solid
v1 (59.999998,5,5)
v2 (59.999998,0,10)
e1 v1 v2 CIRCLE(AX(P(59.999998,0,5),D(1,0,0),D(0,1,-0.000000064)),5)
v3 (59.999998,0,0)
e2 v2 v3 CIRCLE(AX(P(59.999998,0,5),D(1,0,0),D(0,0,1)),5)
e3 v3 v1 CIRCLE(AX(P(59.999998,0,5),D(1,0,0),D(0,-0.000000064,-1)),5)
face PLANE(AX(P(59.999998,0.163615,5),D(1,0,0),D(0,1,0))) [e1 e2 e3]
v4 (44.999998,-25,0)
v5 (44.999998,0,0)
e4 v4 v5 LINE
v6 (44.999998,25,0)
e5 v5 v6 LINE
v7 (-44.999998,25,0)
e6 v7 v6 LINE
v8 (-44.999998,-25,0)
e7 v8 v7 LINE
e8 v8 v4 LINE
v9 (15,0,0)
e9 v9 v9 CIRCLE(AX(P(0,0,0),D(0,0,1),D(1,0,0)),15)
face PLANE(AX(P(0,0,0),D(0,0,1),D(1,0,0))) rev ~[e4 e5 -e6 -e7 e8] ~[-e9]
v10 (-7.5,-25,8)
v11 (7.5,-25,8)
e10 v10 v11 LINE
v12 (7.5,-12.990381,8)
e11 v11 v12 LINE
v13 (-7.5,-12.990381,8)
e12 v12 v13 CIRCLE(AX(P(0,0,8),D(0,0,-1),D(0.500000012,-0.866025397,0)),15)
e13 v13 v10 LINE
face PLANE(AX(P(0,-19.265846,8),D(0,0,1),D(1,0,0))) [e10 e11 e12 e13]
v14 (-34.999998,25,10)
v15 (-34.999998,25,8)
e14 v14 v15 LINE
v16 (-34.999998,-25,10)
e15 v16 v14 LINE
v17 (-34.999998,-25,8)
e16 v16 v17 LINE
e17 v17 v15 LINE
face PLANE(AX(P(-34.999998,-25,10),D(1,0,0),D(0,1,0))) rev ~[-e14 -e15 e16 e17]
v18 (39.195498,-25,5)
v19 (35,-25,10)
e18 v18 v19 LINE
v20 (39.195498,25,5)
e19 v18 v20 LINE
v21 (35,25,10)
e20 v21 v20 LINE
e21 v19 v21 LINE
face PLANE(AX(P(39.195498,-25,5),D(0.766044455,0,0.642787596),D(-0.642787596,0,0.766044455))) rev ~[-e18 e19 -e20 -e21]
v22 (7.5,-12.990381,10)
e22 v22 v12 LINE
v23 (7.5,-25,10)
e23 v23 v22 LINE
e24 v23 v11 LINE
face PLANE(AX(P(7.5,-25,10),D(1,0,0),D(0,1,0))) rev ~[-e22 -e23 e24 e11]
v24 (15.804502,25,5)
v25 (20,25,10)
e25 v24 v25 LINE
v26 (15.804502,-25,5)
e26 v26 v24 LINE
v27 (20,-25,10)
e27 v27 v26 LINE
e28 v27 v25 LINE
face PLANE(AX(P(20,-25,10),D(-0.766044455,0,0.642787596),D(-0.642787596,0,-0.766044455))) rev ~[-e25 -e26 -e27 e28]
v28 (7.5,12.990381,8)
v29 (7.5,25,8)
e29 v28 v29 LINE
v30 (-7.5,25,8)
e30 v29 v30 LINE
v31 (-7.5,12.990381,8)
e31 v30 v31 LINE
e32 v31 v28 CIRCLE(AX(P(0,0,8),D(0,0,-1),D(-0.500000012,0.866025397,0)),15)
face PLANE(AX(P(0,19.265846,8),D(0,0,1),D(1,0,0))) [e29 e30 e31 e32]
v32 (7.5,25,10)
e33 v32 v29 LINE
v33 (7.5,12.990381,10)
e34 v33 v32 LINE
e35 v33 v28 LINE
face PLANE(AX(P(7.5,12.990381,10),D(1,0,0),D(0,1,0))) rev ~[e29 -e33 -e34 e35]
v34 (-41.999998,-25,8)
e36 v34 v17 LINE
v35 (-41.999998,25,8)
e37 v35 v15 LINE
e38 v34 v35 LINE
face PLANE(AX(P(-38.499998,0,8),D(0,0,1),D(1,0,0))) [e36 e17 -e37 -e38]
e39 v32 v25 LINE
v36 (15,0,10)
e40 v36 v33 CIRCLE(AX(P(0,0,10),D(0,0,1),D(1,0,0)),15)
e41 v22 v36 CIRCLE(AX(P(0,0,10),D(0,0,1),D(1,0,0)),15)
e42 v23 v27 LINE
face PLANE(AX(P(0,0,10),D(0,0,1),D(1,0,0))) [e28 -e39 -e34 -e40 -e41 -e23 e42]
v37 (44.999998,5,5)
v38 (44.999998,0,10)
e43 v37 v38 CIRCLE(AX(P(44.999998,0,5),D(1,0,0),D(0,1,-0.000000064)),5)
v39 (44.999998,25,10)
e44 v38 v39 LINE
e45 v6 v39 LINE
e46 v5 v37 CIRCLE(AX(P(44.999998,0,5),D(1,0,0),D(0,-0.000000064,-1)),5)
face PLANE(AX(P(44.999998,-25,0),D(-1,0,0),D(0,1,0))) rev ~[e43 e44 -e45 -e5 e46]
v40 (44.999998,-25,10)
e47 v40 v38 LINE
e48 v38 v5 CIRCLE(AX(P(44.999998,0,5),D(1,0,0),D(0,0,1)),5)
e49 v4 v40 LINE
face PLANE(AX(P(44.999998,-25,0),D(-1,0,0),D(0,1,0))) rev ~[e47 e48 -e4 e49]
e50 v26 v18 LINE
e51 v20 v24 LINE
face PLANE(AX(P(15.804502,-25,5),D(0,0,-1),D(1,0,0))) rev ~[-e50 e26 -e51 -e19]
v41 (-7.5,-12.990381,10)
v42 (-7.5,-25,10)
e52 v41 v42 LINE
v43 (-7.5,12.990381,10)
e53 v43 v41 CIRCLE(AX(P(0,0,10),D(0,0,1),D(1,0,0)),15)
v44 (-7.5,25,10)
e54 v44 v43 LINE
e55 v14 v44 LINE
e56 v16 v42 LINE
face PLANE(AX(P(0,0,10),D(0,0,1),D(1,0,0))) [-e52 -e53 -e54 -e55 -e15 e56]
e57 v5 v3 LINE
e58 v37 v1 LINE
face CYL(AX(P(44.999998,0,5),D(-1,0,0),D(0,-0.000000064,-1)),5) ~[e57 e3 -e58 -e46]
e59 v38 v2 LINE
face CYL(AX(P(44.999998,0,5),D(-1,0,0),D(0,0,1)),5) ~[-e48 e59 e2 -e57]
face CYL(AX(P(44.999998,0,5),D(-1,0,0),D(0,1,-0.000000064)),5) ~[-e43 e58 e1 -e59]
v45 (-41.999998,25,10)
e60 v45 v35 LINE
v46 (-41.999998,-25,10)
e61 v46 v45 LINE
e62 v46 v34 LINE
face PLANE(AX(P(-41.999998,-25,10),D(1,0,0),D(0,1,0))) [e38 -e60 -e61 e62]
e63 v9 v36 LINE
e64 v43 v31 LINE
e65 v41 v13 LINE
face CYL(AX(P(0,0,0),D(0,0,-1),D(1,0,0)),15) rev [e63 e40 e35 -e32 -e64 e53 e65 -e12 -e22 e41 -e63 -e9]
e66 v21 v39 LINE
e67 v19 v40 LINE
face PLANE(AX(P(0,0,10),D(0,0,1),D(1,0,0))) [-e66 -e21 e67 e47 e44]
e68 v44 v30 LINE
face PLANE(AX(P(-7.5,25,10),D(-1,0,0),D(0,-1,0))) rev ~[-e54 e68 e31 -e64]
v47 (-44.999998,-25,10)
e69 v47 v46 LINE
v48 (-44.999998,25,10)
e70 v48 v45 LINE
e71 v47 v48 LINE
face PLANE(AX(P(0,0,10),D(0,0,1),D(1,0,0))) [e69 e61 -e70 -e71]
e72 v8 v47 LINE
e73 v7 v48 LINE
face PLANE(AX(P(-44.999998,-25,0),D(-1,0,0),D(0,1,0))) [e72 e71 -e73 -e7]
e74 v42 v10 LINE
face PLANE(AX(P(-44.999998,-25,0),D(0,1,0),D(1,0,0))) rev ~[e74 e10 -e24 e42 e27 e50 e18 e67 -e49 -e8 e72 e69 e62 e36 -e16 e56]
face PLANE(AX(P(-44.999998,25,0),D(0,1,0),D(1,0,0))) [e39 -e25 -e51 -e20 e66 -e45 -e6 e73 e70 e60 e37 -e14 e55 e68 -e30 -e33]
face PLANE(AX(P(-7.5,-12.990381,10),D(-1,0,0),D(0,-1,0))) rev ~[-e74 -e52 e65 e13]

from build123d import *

# Parameters (mm, degrees)
F0_W     = 89.999996
F0_H     = 50
F0_R     = 15
F1_DEPTH = 10
F2_W     = 7
F2_H     = 50
F3_DEPTH = 2
F5_DEPTH = 50.001
F7_DEPTH = 15


with BuildPart() as f1:
    # F0 (on Top) → F1 (new body)
    with BuildSketch(Plane.XY):
        Rectangle(F0_W, F0_H)
        Circle(F0_R, mode=Mode.SUBTRACT)
    extrude(amount=F1_DEPTH)

    # F2 (on face) → F3 (cut)
    with BuildSketch(Plane.XY.offset(10)):
        with Locations((-38.499998, 0)):
            Rectangle(F2_W, F2_H)
        with BuildLine():
            Line((-7.5, -12.990381), (-7.5, -25))
            Line((-7.5, -25), (7.5, -25))
            Line((7.5, -25), (7.5, -12.990381))
            ThreePointArc((7.5, -12.990381), (0, -15), (-7.5, -12.990381))
        make_face()
        with BuildLine():
            Line((7.5, 25), (-7.5, 25))
            Line((-7.5, 25), (-7.5, 12.990381))
            ThreePointArc((-7.5, 12.990381), (0, 15), (7.5, 12.990381))
            Line((7.5, 12.990381), (7.5, 25))
        make_face()
    extrude(amount=-F3_DEPTH, mode=Mode.SUBTRACT)

    # F4 (on face) → F5 (cut, through all)
    with BuildSketch(Plane.XZ.offset(25)):
        Polygon((35, 10), (20, 10), (15.804502, 5), (39.195498, 5), align=None)
    extrude(amount=-F5_DEPTH, mode=Mode.SUBTRACT)

    # F6 (on face) → F7 (join)
    with BuildSketch(Plane.YZ.offset(44.999998)):
        with BuildLine():
            ThreePointArc((0, 0), (3.535534, 1.464466), (5, 5))
            ThreePointArc((5, 5), (3.535534, 8.535534), (0, 10))
            ThreePointArc((0, 10), (-5, 5), (0, 0))
        make_face()
    extrude(amount=F7_DEPTH)


solid = f1.part
